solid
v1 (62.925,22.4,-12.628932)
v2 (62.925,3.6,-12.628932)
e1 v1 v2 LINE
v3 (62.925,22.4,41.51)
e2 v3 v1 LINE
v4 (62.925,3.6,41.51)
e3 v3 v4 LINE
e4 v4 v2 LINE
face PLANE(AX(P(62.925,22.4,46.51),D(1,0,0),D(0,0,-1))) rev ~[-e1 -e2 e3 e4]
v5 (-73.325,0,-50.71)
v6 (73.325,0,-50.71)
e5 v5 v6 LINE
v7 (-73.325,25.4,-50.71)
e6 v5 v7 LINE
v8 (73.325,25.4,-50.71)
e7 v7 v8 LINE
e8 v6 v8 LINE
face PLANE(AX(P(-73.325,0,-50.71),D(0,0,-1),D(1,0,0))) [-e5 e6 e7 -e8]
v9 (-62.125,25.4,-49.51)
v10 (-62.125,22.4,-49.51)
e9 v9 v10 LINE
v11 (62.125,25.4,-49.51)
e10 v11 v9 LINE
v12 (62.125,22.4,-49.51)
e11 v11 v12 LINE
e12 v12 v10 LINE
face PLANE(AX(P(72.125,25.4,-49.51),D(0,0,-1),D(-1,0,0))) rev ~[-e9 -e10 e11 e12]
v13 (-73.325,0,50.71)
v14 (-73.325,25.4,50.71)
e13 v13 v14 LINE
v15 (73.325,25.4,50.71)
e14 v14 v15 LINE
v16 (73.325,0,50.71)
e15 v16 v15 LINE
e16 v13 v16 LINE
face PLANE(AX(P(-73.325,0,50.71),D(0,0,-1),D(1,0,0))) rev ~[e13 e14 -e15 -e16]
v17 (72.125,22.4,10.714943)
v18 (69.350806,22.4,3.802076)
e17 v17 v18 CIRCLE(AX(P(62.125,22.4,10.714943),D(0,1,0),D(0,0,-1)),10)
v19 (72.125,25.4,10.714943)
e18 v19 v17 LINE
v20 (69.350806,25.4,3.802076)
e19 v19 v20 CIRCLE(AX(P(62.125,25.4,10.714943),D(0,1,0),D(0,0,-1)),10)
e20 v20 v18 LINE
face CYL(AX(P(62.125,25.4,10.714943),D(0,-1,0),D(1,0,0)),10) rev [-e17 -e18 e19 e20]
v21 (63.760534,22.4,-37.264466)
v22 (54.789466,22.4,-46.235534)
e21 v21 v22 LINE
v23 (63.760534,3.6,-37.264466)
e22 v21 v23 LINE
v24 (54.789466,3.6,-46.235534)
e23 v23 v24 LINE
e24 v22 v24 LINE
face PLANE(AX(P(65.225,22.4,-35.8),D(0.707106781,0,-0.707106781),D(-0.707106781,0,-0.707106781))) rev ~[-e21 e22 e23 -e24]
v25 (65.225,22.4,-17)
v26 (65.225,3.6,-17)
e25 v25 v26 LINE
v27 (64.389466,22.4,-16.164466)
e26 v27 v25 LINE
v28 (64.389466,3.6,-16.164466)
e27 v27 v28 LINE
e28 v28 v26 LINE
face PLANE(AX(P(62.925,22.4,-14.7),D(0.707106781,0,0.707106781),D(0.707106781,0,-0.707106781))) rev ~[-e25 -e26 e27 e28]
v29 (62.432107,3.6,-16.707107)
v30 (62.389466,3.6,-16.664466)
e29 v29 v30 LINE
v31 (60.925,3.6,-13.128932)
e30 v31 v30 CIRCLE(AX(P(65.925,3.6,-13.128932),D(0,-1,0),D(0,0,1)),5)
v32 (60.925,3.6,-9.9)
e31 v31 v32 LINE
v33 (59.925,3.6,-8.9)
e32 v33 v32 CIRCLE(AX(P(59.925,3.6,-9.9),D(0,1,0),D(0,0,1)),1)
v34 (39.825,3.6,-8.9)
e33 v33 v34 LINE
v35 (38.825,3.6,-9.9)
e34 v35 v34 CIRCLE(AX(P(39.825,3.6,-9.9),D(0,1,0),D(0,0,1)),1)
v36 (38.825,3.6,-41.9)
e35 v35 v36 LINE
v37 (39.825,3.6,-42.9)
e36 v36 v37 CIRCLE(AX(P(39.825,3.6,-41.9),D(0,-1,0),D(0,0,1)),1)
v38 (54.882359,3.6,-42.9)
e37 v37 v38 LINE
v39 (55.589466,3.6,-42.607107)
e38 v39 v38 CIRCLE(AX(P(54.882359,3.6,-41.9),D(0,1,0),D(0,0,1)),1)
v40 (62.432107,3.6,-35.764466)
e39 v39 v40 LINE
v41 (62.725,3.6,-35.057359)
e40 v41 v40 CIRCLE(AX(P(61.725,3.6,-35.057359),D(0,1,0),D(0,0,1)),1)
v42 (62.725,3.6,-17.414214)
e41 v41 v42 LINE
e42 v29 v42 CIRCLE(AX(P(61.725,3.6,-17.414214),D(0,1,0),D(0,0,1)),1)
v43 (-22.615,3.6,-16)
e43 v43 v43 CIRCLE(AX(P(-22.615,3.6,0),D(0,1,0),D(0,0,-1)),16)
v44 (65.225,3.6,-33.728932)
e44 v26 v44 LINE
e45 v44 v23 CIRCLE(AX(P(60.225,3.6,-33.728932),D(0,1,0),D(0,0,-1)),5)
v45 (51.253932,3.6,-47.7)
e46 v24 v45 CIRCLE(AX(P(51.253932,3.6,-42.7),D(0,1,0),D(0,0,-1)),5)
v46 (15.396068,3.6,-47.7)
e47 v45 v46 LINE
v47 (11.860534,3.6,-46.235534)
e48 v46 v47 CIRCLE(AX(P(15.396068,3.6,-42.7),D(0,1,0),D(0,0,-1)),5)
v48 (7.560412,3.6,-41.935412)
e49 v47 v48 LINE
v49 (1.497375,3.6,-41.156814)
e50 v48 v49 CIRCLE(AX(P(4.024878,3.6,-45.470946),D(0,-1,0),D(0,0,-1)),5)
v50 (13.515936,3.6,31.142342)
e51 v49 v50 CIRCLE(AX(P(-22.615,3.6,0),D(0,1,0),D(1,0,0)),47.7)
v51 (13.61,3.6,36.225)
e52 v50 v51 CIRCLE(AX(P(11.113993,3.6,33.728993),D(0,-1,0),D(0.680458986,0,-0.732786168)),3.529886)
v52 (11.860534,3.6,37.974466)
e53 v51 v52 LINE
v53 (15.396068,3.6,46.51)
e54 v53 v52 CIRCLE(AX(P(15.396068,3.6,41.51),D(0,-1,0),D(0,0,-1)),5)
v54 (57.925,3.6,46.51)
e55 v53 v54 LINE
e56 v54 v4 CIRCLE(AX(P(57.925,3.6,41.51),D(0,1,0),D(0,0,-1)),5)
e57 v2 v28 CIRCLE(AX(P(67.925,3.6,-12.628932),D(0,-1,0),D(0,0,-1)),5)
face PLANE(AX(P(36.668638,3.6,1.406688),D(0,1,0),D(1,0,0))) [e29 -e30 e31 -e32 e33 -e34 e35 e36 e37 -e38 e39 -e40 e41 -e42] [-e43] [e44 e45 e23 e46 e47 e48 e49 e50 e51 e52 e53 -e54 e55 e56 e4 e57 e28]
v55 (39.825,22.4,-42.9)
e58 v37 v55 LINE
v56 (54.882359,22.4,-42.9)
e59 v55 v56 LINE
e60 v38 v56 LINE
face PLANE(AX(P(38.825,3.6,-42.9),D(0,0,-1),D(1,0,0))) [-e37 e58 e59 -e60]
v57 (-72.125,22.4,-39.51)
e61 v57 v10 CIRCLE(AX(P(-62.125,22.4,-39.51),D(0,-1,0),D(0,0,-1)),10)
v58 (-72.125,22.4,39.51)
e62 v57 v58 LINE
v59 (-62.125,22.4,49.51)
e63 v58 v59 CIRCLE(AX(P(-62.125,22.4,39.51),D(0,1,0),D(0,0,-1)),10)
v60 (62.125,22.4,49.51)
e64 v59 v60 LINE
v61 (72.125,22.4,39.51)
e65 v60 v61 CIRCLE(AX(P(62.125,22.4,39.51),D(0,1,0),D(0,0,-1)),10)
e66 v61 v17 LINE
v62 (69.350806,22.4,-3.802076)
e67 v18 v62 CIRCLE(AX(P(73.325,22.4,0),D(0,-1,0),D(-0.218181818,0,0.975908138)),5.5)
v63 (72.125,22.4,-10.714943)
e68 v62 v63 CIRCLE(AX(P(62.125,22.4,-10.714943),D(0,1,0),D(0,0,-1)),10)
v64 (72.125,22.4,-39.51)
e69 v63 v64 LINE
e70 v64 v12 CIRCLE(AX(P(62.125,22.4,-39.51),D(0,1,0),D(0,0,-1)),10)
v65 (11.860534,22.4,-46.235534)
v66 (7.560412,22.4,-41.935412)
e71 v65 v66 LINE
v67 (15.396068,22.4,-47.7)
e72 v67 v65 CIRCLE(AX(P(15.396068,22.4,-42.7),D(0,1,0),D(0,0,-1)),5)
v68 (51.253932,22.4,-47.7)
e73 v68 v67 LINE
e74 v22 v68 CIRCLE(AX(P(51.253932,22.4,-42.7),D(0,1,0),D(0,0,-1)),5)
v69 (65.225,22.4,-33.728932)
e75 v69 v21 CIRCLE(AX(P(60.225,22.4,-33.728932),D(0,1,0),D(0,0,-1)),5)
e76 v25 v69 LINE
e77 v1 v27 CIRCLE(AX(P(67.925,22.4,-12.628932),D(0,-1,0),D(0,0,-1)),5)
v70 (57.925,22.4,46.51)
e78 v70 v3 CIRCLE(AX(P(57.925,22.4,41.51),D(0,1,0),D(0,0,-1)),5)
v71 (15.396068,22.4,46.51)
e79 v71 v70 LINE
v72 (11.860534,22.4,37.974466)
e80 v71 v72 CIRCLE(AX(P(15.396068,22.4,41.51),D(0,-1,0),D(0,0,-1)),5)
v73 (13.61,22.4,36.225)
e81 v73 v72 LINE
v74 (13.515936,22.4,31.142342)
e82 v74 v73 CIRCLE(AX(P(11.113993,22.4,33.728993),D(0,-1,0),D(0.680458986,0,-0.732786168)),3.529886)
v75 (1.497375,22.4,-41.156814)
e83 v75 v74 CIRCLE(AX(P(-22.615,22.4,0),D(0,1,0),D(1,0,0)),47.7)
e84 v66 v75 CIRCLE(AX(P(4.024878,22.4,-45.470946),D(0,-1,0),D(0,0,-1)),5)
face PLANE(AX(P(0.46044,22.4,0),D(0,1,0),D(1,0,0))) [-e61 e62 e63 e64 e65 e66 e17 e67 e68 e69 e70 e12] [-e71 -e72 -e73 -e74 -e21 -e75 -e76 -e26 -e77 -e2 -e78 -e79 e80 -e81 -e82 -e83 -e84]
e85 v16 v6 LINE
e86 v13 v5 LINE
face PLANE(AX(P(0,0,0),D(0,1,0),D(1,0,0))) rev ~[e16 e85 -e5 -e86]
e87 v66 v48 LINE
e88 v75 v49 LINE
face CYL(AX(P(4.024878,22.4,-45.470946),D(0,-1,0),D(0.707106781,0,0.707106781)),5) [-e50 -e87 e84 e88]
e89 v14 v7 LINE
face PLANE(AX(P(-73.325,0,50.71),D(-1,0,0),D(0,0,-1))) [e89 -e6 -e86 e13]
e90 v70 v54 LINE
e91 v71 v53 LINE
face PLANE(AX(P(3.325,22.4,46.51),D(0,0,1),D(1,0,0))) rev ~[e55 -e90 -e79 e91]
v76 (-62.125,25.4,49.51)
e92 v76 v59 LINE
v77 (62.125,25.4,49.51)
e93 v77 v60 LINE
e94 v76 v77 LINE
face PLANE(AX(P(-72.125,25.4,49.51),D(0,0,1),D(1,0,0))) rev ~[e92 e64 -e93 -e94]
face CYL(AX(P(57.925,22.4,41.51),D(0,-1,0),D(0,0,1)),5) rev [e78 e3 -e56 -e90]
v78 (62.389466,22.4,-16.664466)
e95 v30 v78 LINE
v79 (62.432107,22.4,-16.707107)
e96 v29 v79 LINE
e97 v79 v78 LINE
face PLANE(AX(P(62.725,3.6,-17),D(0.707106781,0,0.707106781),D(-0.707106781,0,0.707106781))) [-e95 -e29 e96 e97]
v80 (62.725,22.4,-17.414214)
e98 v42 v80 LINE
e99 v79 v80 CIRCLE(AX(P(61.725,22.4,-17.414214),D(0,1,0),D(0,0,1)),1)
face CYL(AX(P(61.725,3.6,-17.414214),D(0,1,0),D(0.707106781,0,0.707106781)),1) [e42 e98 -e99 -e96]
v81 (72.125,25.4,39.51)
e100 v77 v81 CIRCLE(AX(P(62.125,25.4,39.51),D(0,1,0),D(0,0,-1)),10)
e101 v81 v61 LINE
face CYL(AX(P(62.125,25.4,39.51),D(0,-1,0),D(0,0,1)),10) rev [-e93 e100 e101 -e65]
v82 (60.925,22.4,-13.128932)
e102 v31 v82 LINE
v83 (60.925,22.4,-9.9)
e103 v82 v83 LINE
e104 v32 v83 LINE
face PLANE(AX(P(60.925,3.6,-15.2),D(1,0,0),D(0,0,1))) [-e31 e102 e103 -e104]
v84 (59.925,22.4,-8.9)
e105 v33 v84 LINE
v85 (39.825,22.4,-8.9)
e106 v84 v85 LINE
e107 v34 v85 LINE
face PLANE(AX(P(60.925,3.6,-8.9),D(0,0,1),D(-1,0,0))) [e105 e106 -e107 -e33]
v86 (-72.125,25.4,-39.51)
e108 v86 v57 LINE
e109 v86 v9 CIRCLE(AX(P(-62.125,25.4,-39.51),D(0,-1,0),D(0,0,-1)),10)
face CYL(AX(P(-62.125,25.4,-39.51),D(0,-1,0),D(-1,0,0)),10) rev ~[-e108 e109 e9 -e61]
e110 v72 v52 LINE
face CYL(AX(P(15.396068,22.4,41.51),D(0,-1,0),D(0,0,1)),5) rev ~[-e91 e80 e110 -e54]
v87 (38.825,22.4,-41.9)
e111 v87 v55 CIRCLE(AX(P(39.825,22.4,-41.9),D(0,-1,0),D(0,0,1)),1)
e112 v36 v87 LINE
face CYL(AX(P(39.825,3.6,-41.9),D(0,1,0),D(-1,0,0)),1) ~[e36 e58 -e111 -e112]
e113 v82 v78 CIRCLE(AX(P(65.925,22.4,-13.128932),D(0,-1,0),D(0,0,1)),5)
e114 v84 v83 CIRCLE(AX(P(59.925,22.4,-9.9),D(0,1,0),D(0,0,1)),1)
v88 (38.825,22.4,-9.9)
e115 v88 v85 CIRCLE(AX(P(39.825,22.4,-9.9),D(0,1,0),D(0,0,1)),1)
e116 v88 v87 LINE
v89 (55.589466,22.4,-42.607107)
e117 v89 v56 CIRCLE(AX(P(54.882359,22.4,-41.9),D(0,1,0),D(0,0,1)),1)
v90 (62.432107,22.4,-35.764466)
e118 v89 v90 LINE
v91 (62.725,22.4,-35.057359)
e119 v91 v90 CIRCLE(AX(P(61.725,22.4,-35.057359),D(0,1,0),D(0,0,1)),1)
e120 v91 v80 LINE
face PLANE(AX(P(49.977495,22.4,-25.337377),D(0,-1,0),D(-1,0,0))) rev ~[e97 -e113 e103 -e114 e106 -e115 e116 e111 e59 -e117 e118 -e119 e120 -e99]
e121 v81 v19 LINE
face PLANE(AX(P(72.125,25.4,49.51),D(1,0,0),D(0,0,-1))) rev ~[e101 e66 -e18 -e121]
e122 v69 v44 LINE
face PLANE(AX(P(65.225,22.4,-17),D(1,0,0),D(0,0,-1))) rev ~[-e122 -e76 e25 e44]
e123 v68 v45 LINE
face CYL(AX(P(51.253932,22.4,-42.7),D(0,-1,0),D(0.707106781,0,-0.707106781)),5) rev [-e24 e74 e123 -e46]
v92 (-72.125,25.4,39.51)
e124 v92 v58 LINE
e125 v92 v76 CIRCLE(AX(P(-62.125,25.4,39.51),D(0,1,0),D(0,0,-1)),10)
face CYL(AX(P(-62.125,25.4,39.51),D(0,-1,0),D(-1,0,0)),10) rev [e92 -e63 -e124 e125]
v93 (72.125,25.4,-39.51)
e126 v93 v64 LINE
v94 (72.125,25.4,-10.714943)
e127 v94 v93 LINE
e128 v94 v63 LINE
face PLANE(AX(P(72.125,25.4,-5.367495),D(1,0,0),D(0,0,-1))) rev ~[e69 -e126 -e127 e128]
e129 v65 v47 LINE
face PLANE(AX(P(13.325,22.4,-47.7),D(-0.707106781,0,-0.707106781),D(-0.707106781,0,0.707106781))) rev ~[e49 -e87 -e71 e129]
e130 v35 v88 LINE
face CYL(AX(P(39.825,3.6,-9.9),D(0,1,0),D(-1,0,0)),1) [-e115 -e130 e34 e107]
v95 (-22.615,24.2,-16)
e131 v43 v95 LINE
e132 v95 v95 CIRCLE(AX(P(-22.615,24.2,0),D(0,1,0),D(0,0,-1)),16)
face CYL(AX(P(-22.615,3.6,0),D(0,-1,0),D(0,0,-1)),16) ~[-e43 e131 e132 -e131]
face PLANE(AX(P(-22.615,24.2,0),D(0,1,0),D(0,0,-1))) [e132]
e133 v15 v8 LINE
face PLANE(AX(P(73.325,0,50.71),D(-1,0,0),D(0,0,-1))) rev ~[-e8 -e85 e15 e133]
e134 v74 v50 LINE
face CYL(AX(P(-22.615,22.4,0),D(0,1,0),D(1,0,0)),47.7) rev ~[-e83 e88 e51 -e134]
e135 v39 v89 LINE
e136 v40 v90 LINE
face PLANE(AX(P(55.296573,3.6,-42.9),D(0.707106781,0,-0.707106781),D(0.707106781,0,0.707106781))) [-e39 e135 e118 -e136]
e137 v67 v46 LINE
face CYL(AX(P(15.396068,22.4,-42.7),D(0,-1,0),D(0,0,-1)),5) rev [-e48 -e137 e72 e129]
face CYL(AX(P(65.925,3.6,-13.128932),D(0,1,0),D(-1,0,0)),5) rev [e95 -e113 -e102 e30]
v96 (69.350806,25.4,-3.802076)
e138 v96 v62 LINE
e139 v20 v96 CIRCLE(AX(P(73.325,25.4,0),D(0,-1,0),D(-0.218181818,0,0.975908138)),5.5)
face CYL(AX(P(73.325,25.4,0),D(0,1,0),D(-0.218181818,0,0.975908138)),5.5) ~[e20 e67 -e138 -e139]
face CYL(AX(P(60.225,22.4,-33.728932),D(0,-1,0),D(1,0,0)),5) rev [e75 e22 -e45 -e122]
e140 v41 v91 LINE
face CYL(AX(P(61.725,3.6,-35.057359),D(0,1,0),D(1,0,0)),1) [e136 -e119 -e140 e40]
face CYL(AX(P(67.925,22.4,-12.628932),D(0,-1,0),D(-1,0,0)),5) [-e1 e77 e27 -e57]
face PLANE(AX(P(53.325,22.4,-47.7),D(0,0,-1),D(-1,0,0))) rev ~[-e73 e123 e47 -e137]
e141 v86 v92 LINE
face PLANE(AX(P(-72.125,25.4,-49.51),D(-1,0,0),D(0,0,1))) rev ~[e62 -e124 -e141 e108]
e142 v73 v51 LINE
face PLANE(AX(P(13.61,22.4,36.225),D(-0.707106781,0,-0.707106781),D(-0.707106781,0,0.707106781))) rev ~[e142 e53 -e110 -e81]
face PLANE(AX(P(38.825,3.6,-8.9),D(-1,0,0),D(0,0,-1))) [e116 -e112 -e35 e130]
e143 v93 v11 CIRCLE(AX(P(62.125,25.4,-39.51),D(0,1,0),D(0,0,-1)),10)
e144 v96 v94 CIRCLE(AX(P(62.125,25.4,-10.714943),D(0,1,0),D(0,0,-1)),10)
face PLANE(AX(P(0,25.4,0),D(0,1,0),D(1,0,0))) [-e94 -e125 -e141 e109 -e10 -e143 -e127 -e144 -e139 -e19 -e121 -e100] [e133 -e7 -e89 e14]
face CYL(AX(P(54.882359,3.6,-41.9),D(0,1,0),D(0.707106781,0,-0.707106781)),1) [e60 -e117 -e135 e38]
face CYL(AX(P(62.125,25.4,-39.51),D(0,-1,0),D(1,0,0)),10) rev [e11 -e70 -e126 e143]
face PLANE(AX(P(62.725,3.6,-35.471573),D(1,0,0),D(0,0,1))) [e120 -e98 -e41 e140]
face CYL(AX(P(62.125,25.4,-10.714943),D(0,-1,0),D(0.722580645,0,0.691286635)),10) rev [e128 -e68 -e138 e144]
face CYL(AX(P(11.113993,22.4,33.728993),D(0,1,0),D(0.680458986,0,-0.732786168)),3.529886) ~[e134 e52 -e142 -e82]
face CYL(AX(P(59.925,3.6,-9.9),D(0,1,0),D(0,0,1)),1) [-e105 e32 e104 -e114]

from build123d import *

# Parameters (mm, degrees)
SKETCH1_W           = 146.65
SKETCH1_H           = 101.42
BOSS_EXTRUDE1_DEPTH = 25.4
CUT_EXTRUDE1_DEPTH  = 3
FILLET1_R           = 10
SKETCH3_R           = 47.7
CUT_EXTRUDE2_DEPTH  = 18.8
FILLET2_R           = 5
SKETCH4_R           = 16
BOSS_EXTRUDE2_DEPTH = 20.6
BOSS_EXTRUDE3_DEPTH = 18.8
FILLET4_R           = 1
FILLET5_R           = 5


with BuildPart() as part:
    # Sketch1 → Boss-Extrude1 (new body)
    with BuildSketch(Plane(origin=(0, 0, 0), x_dir=(1, 0, 0), z_dir=(0, 1, 0))):
        Rectangle(SKETCH1_W, SKETCH1_H)
    extrude(amount=BOSS_EXTRUDE1_DEPTH)

    # Sketch2 → Cut-Extrude1 (cut)
    with BuildSketch(Plane(origin=(0, 25.4, 0), x_dir=(1, 0, 0), z_dir=(0, 1, 0))):
        with BuildLine():
            Line((-72.125, 49.51), (-72.125, -49.51))
            Line((-72.125, -49.51), (72.125, -49.51))
            Line((72.125, -49.51), (72.125, -5.36749476))
            ThreePointArc((72.125, -5.36749476), (67.825, 0), (72.125, 5.36749476))
            Line((72.125, 5.36749476), (72.125, 49.51))
            Line((72.125, 49.51), (-72.125, 49.51))
        make_face()
    extrude(amount=-CUT_EXTRUDE1_DEPTH, mode=Mode.SUBTRACT)

    # Fillet1
    fillet1_edges = [part.edges().sort_by_distance(p)[0] for p in [
        (72.125, 23.9, -5.36749476),
        (72.125, 23.9, 5.36749476),
        (72.125, 23.9, 49.51),
        (-72.125, 23.9, 49.51),
        (-72.125, 23.9, -49.51),
        (72.125, 23.9, -49.51),
    ]]
    fillet(fillet1_edges, radius=FILLET1_R)

    # Sketch3 → Cut-Extrude2 (cut)
    with BuildSketch(Plane(origin=(0, 22.4, 0), x_dir=(1, 0, 0), z_dir=(0, 1, 0))):
        with BuildLine():
            Line((3.325, -46.51), (62.925, -46.51))
            Line((62.925, -46.51), (62.925, 14.7))
            Line((62.925, 14.7), (65.225, 17))
            Line((65.225, 17), (65.225, 35.8))
            Line((65.225, 35.8), (53.325, 47.7))
            Line((53.325, 47.7), (13.325, 47.7))
            Line((13.325, 47.7), (4.71750668, 39.09250668))
            ThreePointArc((4.71750668, 39.09250668), (19.687781047, 22.040070682), (25.085, 0))
            ThreePointArc((25.085, 0), (22.099291128, -16.610905119), (13.515936315, -31.142341611))
            ThreePointArc((13.515936315, -31.142341611), (14.64327542, -33.663677787), (13.61, -36.225))
            Line((13.61, -36.225), (3.325, -46.51))
        make_face()
        with Locations((-22.615, 0)):
            Circle(SKETCH3_R)
    extrude(amount=-CUT_EXTRUDE2_DEPTH, mode=Mode.SUBTRACT)

    # Fillet2
    fillet2_edges = [part.edges().sort_by_distance(p)[0] for p in [
        (4.71750668, 13, -39.09250668),
        (13.325, 13, -47.7),
        (53.325, 13, -47.7),
        (65.225, 13, -35.8),
        (62.925, 13, -14.7),
        (62.925, 13, 46.51),
        (3.325, 13, 46.51),
    ]]
    fillet(fillet2_edges, radius=FILLET2_R)

    # Sketch4 → Boss-Extrude2 (add)
    with BuildSketch(Plane(origin=(0, 3.6, 0), x_dir=(1, 0, 0), z_dir=(0, 1, 0))):
        with Locations(Location((-22.615, 0, 0), (0, 0, 90))):
            Circle(SKETCH4_R)
    extrude(amount=BOSS_EXTRUDE2_DEPTH)

    # Sketch5 → Boss-Extrude3 (add)
    with BuildSketch(Plane(origin=(0, 3.6, 0), x_dir=(1, 0, 0), z_dir=(0, 1, 0))):
        Polygon((38.825, 42.9), (55.296572875, 42.9), (62.725, 35.471572875), (62.725, 17), (60.925, 15.2), (60.925, 8.9), (38.825, 8.9), align=None)
    extrude(amount=BOSS_EXTRUDE3_DEPTH)

    # Fillet4
    fillet4_edges = [part.edges().sort_by_distance(p)[0] for p in [
        (38.825, 13, -42.9),
        (38.825, 13, -8.9),
        (60.925, 13, -8.9),
        (62.725, 13, -17),
        (62.725, 13, -35.471572875),
        (55.296572875, 13, -42.9),
    ]]
    fillet(fillet4_edges, radius=FILLET4_R)

    # Fillet5
    fillet5_edges = [part.edges().sort_by_distance(p)[0] for p in [
        (60.925, 13, -15.2),
    ]]
    fillet(fillet5_edges, radius=FILLET5_R)


solid = part.part
